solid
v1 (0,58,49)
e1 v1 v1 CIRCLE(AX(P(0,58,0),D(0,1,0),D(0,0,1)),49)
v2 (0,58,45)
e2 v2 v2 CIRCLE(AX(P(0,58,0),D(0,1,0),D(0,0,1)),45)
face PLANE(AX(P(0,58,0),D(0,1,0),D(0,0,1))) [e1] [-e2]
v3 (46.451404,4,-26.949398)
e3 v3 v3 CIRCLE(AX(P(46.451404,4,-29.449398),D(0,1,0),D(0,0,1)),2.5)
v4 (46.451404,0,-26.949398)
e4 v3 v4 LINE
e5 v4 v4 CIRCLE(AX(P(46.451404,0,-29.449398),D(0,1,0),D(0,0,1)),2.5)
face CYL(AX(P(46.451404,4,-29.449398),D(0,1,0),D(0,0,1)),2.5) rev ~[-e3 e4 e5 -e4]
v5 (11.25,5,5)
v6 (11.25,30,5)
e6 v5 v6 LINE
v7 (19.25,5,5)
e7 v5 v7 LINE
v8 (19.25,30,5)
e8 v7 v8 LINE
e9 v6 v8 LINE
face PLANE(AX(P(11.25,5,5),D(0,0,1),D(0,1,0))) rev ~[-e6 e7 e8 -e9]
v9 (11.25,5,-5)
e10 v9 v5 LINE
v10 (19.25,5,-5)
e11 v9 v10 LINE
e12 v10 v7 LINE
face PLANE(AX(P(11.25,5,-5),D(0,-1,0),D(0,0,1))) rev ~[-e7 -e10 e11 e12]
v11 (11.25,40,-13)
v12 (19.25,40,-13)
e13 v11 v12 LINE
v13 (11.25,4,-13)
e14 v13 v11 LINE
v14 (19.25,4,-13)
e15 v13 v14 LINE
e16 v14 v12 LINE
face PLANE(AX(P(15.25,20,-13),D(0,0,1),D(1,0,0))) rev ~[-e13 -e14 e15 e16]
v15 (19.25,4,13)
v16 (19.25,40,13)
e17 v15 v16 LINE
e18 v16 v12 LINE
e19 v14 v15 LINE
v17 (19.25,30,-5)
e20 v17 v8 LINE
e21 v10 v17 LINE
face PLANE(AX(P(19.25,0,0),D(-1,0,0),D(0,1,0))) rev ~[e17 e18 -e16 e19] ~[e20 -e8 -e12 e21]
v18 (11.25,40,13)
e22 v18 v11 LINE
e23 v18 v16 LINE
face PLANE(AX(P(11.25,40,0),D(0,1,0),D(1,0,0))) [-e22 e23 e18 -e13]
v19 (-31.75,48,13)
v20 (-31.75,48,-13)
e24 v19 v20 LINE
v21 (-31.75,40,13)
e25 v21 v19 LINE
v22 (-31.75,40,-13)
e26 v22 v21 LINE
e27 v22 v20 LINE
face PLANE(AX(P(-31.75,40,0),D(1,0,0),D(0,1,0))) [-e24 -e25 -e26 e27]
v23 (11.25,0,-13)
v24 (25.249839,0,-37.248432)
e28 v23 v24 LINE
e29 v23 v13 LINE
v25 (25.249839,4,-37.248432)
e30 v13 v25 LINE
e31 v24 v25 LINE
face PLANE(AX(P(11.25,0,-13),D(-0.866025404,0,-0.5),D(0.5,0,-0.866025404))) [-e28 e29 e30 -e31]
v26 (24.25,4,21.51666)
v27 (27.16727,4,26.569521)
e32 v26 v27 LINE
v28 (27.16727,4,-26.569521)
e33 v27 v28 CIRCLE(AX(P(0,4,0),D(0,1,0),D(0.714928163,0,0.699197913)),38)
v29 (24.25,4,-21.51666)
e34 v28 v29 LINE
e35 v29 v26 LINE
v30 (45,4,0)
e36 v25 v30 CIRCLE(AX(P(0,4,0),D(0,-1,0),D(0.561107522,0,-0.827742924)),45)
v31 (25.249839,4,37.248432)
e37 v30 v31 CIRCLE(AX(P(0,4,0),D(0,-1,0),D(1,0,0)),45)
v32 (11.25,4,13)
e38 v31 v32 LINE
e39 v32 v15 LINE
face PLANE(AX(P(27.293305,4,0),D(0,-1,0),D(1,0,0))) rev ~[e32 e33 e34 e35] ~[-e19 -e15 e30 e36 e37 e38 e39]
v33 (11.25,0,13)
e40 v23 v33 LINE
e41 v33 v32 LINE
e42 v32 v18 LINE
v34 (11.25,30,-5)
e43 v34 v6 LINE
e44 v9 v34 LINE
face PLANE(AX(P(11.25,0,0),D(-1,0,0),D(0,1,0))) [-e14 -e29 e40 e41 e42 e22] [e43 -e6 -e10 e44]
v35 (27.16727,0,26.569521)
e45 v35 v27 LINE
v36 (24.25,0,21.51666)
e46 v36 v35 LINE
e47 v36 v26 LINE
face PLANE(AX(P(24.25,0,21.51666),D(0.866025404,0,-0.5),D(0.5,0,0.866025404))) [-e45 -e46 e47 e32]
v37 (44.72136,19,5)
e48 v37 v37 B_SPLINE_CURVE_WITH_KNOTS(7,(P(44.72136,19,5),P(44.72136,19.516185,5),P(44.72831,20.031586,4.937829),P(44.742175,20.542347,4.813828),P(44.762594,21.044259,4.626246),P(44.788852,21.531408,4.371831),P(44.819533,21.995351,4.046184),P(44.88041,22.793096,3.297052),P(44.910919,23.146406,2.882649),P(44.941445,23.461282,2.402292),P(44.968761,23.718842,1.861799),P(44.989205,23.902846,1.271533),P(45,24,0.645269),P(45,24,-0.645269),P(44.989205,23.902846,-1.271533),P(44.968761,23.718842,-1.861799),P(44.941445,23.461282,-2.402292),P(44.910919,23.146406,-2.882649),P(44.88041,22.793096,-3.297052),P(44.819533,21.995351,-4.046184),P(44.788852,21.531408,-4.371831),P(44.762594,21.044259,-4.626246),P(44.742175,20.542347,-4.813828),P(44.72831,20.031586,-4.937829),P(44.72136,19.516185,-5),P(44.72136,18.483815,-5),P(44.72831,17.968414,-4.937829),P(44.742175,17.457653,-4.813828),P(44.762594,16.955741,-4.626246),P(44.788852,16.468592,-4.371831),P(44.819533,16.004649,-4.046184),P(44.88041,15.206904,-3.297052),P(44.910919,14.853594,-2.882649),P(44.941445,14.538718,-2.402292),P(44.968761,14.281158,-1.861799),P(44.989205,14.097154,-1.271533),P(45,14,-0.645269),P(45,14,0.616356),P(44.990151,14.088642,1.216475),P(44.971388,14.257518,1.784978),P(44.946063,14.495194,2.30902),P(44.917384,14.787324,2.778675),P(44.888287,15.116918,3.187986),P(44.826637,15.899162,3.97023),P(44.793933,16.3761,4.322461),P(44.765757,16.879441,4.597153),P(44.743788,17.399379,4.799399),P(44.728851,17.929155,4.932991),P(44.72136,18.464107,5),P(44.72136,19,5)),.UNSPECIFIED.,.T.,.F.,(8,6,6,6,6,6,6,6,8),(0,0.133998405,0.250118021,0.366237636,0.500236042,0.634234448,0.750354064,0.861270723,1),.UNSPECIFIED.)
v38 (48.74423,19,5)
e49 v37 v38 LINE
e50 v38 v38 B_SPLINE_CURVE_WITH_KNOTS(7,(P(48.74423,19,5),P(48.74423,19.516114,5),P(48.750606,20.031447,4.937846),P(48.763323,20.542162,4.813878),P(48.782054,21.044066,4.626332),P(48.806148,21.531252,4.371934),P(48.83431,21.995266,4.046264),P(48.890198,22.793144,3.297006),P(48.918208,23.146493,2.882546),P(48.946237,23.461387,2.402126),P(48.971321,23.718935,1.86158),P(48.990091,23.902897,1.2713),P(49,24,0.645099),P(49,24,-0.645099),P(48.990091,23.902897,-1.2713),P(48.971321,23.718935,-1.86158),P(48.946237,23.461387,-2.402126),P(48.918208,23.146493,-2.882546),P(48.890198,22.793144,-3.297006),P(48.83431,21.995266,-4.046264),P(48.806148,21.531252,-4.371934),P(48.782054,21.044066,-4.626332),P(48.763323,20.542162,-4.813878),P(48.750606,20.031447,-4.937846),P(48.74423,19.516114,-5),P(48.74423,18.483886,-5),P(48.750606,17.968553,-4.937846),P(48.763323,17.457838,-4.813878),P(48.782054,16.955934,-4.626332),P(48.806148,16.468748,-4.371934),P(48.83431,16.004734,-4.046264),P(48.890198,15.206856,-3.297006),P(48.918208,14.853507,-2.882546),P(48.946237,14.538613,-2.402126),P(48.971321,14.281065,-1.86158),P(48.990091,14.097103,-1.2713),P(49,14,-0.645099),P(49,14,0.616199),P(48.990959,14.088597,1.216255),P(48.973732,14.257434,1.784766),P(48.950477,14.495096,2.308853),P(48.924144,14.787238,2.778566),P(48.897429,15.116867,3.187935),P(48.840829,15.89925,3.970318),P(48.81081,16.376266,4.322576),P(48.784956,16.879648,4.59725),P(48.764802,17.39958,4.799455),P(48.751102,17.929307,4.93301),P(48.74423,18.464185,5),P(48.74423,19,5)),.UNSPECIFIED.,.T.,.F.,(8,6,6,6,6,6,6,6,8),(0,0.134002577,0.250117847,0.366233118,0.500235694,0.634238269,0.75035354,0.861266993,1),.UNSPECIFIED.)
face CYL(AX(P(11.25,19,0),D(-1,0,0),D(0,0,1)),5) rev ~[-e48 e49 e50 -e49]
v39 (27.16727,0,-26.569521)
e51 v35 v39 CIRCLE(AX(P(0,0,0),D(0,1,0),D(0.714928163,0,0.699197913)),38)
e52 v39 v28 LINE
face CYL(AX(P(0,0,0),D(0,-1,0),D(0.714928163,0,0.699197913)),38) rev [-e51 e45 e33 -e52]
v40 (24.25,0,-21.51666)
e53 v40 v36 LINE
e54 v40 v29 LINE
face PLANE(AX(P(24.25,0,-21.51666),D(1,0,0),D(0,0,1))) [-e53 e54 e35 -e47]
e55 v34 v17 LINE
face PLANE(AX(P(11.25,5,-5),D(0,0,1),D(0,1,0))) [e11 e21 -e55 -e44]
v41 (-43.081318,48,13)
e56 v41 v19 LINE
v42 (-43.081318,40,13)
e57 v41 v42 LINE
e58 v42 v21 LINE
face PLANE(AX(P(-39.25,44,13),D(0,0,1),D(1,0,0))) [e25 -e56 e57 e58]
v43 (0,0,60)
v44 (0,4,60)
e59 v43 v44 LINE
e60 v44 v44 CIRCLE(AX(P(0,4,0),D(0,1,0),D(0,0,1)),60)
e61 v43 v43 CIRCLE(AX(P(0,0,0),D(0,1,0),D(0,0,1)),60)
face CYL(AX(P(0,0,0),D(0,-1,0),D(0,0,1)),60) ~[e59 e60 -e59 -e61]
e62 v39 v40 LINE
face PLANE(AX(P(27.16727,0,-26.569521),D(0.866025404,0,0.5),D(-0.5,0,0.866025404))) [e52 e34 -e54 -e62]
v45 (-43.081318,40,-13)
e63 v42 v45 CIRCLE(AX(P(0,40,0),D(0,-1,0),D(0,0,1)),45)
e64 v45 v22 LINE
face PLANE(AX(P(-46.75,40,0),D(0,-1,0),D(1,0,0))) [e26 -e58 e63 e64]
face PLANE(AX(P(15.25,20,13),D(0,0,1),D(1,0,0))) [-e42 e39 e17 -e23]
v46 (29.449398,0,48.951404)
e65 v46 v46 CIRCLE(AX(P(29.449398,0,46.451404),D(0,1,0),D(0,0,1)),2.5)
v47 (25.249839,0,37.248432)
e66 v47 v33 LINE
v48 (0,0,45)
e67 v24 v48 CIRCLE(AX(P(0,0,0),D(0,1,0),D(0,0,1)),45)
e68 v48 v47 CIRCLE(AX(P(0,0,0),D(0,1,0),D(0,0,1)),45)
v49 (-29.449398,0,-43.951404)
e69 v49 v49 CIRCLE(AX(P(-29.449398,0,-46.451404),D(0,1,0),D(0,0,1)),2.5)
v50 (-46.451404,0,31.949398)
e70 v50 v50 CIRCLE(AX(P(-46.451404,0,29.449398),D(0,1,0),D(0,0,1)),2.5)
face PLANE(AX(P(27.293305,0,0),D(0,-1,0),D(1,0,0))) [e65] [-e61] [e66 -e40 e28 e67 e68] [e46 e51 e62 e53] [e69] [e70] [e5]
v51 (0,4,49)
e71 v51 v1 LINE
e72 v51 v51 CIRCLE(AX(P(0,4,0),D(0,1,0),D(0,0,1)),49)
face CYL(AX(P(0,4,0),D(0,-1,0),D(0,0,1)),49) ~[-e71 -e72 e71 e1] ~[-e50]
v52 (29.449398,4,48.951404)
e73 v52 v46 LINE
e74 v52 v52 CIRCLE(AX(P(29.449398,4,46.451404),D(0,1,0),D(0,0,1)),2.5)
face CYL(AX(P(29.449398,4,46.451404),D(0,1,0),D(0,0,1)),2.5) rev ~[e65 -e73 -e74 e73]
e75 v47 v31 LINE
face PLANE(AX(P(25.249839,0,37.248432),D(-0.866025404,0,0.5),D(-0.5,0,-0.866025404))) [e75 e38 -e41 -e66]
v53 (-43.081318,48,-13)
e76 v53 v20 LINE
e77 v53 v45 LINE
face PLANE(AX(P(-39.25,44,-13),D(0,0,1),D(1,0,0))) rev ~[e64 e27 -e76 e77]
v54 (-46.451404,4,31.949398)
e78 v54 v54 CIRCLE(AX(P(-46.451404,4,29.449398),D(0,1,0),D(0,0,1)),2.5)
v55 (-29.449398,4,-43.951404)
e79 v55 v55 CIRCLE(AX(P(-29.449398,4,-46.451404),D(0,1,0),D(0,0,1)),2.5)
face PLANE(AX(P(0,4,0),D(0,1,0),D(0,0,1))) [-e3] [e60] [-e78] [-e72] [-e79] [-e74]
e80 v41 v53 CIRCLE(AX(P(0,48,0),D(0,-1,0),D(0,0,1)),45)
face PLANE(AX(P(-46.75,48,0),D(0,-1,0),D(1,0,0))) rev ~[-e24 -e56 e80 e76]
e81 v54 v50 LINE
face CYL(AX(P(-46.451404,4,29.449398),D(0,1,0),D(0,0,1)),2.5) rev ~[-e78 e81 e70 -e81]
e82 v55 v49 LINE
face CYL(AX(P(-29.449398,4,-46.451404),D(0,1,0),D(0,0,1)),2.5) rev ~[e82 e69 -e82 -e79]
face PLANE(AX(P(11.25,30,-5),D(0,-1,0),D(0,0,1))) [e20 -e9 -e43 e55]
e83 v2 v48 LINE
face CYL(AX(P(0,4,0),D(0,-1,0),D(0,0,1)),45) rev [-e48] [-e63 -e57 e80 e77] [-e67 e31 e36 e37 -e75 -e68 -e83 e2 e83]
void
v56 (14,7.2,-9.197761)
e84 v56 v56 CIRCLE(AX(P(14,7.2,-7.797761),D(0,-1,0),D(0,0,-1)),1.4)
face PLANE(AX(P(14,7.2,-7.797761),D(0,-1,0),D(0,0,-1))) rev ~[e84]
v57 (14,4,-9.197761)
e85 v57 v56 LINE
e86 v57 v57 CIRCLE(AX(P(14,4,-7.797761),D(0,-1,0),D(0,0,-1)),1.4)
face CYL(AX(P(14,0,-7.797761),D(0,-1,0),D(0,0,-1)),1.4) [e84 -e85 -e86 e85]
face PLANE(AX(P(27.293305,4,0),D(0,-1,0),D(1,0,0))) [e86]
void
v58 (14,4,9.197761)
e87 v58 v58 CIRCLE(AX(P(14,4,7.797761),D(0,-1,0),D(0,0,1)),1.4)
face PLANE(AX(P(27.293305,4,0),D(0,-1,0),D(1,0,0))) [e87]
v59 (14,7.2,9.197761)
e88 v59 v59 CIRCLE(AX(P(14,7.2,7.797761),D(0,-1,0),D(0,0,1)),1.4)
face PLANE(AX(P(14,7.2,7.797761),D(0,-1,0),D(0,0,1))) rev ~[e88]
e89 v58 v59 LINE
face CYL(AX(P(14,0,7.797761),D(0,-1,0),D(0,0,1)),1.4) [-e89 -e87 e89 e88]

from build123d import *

# Parameters (mm, degrees)
SKETCH1_R            = 60
SKETCH1_R_2          = 45
BOSS_EXTRUDE3_DEPTH  = 4
SKETCH9_R            = 49
SKETCH9_R_2          = 45
BOSS_EXTRUDE5_DEPTH  = 54
SKETCH10_W           = 8
SKETCH10_H           = 40
SKETCH10_W_2         = 15
SKETCH10_H_2         = 8
BOSS_EXTRUDE6_DEPTH  = 13
SKETCH12_W           = 10
SKETCH12_H           = 25
CUT_EXTRUDE1_DEPTH   = 8
SKETCH13_R           = 5
CUT_EXTRUDE2_DEPTH   = 110.729496946
SKETCH14_R           = 1.4
CUT_EXTRUDE3_DEPTH   = 7.2
BOSS_EXTRUDE10_DEPTH = 4
SKETCH18_R           = 2.5
CUT_EXTRUDE4_DEPTH   = 101.578327739


with BuildPart() as part:
    # Sketch1 → Boss-Extrude3 (new body)
    with BuildSketch(Plane(origin=(0, 0, 0), x_dir=(1, 0, 0), z_dir=(0, 1, 0))):
        with Locations(Location((0, 0, 0), (0, 0, 270))):
            Circle(SKETCH1_R)
        with Locations(Location((0, 0, 0), (0, 0, 270))):
            Circle(SKETCH1_R_2, mode=Mode.SUBTRACT)
    extrude(amount=BOSS_EXTRUDE3_DEPTH)

    # Sketch9 → Boss-Extrude5 (add)
    with BuildSketch(Plane(origin=(0, 4, 0), x_dir=(1, 0, 0), z_dir=(0, 1, 0))):
        with Locations(Location((0, 0, 0), (0, 0, 270))):
            Circle(SKETCH9_R)
        with Locations(Location((0, 0, 0), (0, 0, 270))):
            Circle(SKETCH9_R_2, mode=Mode.SUBTRACT)
    extrude(amount=BOSS_EXTRUDE5_DEPTH)

    # Sketch10 → Boss-Extrude6 (add, symmetric)
    with BuildSketch(Plane.XY):
        with Locations((15.25, 20)):
            Rectangle(SKETCH10_W, SKETCH10_H)
        with Locations((-39.25, 44)):
            Rectangle(SKETCH10_W_2, SKETCH10_H_2)
    extrude(amount=BOSS_EXTRUDE6_DEPTH, both=True)


with BuildPart() as boss_extrude6_piece_1:
    # of the separate pieces the step leaves, piece 1, a body of its own (boss_extrude6_pieces)
    add(part.part.solids().sort_by_distance((0, 0, 60))[0])

    # Sketch13 → Cut-Extrude2 (cut, through all)
    with BuildSketch(Plane.ZY.offset(-11.25)):
        with Locations((0, 19)):
            Circle(SKETCH13_R)
    extrude(amount=-CUT_EXTRUDE2_DEPTH, mode=Mode.SUBTRACT)



with BuildPart() as boss_extrude6_piece_2:
    # of the separate pieces the step leaves, piece 2, a body of its own (boss_extrude6_pieces)
    add(part.part.solids().sort_by_distance((11.25, 0, -13))[0])

    # Sketch12 → Cut-Extrude1 (cut)
    with BuildSketch(Plane.ZY.offset(-11.25)):
        with Locations((0, 17.5)):
            Rectangle(SKETCH12_W, SKETCH12_H)
    extrude(amount=-CUT_EXTRUDE1_DEPTH, mode=Mode.SUBTRACT)

    # Sketch14 → Cut-Extrude3 (cut)
    with BuildSketch(Plane.XZ):
        with Locations((-34, -7.797761416)):
            Circle(SKETCH14_R)
        with Locations(Location((14, -7.797761416, 0), (0, 0, 270))):
            Circle(SKETCH14_R)
        with Locations(Location((14, 7.797761416, 0), (0, 0, 90))):
            Circle(SKETCH14_R)
        with Locations((-34, 7.797761416)):
            Circle(SKETCH14_R)
    extrude(amount=-CUT_EXTRUDE3_DEPTH, mode=Mode.SUBTRACT)


with BuildPart() as boss_extrude6_piece_1_1:
    add(boss_extrude6_piece_1.part)

    add(boss_extrude6_piece_2.part)  # Boss-Extrude10 merges Boss-Extrude6 piece 2
    # Sketch15 → Boss-Extrude10 (add)
    with BuildSketch(Plane.XZ):
        with BuildLine():
            Line((25.249838503, 37.248431585), (11.25, 13))
            Line((11.25, 13), (11.25, -13))
            Line((11.25, -13), (25.249838503, -37.248431585))
            ThreePointArc((25.249838503, -37.248431585), (39.757029144, -21.080290171), (45, 0))
            ThreePointArc((45, 0), (39.757029144, 21.080290171), (25.249838503, 37.248431585))
        make_face()
        with BuildLine():
            Line((24.25, -21.516660498), (24.25, 21.516660498))
            Line((24.25, 21.516660498), (27.167270196, 26.569520697))
            ThreePointArc((27.167270196, 26.569520697), (38, 0), (27.167270196, -26.569520697))
            Line((27.167270196, -26.569520697), (24.25, -21.516660498))
        make_face(mode=Mode.SUBTRACT)
    extrude(amount=-BOSS_EXTRUDE10_DEPTH)

    # Sketch18 → Cut-Extrude4 (cut, through all)
    with BuildSketch(Plane(origin=(0, 4, 0), x_dir=(1, 0, 0), z_dir=(0, 1, 0))):
        with Locations(Location((46.451404387, 29.449397795, 0), (0, 0, 270))):
            Circle(SKETCH18_R)
        with Locations(Location((29.449397795, -46.451404387, 0), (0, 0, 270))):
            Circle(SKETCH18_R)
        with Locations(Location((-46.451404387, -29.449397795, 0), (0, 0, 270))):
            Circle(SKETCH18_R)
        with Locations(Location((-29.449397795, 46.451404387, 0), (0, 0, 270))):
            Circle(SKETCH18_R)
    extrude(amount=-CUT_EXTRUDE4_DEPTH, mode=Mode.SUBTRACT)


solid = boss_extrude6_piece_1_1.part
